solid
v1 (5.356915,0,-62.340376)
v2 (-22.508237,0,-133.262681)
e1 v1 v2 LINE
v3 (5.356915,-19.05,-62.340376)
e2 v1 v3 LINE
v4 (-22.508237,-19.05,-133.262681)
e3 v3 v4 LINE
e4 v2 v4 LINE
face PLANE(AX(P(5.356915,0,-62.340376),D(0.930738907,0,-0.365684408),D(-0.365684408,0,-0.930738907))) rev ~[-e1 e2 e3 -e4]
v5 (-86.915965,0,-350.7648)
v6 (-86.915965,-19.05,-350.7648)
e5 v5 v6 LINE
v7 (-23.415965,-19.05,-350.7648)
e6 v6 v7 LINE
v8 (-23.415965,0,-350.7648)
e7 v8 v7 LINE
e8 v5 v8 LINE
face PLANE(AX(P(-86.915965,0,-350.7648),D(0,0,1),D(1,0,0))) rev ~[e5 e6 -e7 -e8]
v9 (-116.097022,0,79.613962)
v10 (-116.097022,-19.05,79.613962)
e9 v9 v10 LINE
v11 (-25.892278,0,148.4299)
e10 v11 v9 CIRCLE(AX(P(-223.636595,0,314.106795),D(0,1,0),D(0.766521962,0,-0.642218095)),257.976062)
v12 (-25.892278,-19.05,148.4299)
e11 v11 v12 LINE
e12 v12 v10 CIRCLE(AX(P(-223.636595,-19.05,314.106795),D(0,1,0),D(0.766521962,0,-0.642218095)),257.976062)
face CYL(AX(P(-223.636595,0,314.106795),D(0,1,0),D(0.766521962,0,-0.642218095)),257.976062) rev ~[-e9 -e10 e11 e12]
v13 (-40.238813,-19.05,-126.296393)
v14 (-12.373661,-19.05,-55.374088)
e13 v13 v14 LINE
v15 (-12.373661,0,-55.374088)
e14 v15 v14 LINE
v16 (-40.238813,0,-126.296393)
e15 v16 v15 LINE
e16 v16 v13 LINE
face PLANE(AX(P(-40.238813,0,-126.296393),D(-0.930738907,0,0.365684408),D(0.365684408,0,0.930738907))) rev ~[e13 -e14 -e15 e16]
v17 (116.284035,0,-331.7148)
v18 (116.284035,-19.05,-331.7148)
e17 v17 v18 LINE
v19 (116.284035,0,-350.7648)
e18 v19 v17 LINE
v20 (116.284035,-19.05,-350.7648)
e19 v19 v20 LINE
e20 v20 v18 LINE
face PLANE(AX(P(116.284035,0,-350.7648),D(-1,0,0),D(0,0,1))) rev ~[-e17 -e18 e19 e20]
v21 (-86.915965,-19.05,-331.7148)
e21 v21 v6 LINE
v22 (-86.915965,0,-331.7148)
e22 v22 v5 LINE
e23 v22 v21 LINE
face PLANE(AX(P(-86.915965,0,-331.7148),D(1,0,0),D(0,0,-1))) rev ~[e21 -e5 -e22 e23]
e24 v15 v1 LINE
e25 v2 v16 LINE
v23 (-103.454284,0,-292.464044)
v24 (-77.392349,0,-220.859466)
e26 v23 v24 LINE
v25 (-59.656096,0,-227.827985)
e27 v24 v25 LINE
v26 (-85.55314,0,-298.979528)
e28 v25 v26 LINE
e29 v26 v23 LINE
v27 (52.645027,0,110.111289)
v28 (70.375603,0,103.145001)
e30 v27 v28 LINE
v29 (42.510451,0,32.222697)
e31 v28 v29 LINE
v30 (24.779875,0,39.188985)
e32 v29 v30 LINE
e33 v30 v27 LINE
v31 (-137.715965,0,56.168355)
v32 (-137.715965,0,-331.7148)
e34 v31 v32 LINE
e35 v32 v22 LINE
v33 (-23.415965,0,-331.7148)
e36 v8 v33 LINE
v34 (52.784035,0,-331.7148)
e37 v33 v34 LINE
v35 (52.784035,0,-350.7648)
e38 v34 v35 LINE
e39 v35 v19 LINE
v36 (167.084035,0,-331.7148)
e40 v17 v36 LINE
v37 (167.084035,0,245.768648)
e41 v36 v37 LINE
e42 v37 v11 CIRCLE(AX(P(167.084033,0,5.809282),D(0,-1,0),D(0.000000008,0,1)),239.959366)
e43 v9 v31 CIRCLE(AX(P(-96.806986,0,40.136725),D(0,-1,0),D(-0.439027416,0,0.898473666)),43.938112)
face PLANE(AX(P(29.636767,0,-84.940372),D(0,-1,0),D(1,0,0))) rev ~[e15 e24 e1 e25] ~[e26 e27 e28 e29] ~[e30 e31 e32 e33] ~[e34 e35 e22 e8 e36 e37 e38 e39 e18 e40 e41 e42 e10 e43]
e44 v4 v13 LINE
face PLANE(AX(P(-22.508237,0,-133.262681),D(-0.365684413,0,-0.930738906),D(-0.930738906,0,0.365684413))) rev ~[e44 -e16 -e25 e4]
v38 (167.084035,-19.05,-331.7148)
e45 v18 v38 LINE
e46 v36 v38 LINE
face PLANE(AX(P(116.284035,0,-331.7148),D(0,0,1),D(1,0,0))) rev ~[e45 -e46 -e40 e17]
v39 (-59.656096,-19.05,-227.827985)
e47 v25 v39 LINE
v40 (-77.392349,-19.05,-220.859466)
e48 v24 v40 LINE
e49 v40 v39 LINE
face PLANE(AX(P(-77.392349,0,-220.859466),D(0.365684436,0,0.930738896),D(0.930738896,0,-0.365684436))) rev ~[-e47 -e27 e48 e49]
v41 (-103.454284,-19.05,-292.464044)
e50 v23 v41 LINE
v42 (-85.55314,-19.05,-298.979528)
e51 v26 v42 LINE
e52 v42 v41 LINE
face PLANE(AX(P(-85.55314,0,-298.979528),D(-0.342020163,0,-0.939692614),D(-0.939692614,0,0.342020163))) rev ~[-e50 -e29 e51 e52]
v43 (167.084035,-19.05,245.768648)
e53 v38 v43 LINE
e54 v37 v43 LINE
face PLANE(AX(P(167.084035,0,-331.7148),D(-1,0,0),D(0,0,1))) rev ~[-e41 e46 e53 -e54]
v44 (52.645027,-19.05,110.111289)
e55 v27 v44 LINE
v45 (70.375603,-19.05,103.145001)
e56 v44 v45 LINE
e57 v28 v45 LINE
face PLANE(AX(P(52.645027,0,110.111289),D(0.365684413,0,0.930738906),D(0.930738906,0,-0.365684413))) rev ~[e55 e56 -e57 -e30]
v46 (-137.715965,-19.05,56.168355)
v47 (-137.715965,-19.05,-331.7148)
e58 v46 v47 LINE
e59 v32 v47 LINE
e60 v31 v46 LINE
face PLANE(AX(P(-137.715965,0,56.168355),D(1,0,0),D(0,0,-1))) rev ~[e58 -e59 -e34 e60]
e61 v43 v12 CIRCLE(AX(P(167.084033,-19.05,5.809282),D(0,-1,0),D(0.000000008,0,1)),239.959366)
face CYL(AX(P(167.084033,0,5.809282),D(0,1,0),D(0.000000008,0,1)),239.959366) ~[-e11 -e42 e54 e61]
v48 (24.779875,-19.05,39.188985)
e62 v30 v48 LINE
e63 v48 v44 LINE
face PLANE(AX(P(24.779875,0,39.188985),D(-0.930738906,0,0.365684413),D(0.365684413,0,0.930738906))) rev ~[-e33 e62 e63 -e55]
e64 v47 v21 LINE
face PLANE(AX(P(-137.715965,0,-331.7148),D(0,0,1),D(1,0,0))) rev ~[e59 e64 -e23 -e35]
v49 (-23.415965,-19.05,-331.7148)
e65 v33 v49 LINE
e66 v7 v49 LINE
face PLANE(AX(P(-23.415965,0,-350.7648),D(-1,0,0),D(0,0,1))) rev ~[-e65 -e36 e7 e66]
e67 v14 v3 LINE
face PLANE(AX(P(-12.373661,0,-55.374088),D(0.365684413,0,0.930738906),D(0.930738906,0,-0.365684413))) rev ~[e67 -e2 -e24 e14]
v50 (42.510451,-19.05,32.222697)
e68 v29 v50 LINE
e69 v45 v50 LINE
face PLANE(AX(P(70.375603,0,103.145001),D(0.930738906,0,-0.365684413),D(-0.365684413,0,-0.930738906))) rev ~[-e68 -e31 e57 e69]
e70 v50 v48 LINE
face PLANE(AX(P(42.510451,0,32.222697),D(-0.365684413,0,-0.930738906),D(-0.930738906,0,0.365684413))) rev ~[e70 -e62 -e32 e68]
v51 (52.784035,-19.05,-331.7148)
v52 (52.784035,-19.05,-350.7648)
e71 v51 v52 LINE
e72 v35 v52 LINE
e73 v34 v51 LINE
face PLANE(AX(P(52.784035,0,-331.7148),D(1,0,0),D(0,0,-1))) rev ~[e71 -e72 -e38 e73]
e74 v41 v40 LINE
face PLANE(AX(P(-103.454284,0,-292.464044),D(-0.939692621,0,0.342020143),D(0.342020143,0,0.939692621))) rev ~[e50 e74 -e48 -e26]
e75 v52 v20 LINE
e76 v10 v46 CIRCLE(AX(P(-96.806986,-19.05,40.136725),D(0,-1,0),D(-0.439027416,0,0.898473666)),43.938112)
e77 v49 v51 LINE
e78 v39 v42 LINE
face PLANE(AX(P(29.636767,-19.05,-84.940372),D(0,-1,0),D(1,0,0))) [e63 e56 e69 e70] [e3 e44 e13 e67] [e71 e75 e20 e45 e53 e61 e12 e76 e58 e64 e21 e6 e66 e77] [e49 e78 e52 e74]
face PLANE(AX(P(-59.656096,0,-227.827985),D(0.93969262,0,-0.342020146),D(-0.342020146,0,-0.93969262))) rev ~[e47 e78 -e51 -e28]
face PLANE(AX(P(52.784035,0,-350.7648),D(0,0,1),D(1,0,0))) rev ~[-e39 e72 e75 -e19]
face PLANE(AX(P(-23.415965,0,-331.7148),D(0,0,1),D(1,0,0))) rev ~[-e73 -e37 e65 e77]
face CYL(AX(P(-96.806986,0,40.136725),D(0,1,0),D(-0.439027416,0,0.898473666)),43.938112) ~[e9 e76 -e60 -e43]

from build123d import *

# Parameters (mm, degrees)
F1_DEPTH = 19.05


with BuildPart() as f1:
    # F0 (on Front) → F1 (new body)
    with BuildSketch(Plane.XZ):
        with BuildLine():
            Line((-137.715965, -183.12481), (-137.715965, -331.7148))
            Line((-137.715965, -331.7148), (-86.915965, -331.7148))
            Line((-86.915965, -331.7148), (-86.915965, -350.7648))
            Line((-86.915965, -350.7648), (-23.415965, -350.7648))
            Line((-23.415965, -350.7648), (-23.415965, -331.7148))
            Line((-23.415965, -331.7148), (52.784035, -331.7148))
            Line((52.784035, -331.7148), (52.784035, -350.7648))
            Line((52.784035, -350.7648), (116.284035, -350.7648))
            Line((116.284035, -350.7648), (116.284035, -331.7148))
            Line((116.284035, -331.7148), (167.084035, -331.7148))
            Line((167.084035, -331.7148), (167.084035, 245.768648))
            ThreePointArc((167.084035, 245.768648), (59.016129, 220.056395), (-25.892278, 148.4299))
            ThreePointArc((-25.892278, 148.4299), (-67.164643, 109.001513), (-116.097022, 79.613962))
            ThreePointArc((-116.097022, 79.613962), (-129.108758, 69.921843), (-137.715965, 56.168355))
            Line((-137.715965, 56.168355), (-137.715965, -183.12481))
        make_face()
        Polygon((-85.55314, -298.979528), (-103.454284, -292.464044), (-77.392349, -220.859466), (-59.656096, -227.827985), align=None, mode=Mode.SUBTRACT)
        Polygon((-22.508237, -133.262681), (-40.238813, -126.296393), (-12.373661, -55.374088), (5.356915, -62.340376), align=None, mode=Mode.SUBTRACT)
        Polygon((42.510451, 32.222697), (24.779875, 39.188985), (52.645027, 110.111289), (70.375603, 103.145001), align=None, mode=Mode.SUBTRACT)
    extrude(amount=F1_DEPTH)


solid = f1.part
